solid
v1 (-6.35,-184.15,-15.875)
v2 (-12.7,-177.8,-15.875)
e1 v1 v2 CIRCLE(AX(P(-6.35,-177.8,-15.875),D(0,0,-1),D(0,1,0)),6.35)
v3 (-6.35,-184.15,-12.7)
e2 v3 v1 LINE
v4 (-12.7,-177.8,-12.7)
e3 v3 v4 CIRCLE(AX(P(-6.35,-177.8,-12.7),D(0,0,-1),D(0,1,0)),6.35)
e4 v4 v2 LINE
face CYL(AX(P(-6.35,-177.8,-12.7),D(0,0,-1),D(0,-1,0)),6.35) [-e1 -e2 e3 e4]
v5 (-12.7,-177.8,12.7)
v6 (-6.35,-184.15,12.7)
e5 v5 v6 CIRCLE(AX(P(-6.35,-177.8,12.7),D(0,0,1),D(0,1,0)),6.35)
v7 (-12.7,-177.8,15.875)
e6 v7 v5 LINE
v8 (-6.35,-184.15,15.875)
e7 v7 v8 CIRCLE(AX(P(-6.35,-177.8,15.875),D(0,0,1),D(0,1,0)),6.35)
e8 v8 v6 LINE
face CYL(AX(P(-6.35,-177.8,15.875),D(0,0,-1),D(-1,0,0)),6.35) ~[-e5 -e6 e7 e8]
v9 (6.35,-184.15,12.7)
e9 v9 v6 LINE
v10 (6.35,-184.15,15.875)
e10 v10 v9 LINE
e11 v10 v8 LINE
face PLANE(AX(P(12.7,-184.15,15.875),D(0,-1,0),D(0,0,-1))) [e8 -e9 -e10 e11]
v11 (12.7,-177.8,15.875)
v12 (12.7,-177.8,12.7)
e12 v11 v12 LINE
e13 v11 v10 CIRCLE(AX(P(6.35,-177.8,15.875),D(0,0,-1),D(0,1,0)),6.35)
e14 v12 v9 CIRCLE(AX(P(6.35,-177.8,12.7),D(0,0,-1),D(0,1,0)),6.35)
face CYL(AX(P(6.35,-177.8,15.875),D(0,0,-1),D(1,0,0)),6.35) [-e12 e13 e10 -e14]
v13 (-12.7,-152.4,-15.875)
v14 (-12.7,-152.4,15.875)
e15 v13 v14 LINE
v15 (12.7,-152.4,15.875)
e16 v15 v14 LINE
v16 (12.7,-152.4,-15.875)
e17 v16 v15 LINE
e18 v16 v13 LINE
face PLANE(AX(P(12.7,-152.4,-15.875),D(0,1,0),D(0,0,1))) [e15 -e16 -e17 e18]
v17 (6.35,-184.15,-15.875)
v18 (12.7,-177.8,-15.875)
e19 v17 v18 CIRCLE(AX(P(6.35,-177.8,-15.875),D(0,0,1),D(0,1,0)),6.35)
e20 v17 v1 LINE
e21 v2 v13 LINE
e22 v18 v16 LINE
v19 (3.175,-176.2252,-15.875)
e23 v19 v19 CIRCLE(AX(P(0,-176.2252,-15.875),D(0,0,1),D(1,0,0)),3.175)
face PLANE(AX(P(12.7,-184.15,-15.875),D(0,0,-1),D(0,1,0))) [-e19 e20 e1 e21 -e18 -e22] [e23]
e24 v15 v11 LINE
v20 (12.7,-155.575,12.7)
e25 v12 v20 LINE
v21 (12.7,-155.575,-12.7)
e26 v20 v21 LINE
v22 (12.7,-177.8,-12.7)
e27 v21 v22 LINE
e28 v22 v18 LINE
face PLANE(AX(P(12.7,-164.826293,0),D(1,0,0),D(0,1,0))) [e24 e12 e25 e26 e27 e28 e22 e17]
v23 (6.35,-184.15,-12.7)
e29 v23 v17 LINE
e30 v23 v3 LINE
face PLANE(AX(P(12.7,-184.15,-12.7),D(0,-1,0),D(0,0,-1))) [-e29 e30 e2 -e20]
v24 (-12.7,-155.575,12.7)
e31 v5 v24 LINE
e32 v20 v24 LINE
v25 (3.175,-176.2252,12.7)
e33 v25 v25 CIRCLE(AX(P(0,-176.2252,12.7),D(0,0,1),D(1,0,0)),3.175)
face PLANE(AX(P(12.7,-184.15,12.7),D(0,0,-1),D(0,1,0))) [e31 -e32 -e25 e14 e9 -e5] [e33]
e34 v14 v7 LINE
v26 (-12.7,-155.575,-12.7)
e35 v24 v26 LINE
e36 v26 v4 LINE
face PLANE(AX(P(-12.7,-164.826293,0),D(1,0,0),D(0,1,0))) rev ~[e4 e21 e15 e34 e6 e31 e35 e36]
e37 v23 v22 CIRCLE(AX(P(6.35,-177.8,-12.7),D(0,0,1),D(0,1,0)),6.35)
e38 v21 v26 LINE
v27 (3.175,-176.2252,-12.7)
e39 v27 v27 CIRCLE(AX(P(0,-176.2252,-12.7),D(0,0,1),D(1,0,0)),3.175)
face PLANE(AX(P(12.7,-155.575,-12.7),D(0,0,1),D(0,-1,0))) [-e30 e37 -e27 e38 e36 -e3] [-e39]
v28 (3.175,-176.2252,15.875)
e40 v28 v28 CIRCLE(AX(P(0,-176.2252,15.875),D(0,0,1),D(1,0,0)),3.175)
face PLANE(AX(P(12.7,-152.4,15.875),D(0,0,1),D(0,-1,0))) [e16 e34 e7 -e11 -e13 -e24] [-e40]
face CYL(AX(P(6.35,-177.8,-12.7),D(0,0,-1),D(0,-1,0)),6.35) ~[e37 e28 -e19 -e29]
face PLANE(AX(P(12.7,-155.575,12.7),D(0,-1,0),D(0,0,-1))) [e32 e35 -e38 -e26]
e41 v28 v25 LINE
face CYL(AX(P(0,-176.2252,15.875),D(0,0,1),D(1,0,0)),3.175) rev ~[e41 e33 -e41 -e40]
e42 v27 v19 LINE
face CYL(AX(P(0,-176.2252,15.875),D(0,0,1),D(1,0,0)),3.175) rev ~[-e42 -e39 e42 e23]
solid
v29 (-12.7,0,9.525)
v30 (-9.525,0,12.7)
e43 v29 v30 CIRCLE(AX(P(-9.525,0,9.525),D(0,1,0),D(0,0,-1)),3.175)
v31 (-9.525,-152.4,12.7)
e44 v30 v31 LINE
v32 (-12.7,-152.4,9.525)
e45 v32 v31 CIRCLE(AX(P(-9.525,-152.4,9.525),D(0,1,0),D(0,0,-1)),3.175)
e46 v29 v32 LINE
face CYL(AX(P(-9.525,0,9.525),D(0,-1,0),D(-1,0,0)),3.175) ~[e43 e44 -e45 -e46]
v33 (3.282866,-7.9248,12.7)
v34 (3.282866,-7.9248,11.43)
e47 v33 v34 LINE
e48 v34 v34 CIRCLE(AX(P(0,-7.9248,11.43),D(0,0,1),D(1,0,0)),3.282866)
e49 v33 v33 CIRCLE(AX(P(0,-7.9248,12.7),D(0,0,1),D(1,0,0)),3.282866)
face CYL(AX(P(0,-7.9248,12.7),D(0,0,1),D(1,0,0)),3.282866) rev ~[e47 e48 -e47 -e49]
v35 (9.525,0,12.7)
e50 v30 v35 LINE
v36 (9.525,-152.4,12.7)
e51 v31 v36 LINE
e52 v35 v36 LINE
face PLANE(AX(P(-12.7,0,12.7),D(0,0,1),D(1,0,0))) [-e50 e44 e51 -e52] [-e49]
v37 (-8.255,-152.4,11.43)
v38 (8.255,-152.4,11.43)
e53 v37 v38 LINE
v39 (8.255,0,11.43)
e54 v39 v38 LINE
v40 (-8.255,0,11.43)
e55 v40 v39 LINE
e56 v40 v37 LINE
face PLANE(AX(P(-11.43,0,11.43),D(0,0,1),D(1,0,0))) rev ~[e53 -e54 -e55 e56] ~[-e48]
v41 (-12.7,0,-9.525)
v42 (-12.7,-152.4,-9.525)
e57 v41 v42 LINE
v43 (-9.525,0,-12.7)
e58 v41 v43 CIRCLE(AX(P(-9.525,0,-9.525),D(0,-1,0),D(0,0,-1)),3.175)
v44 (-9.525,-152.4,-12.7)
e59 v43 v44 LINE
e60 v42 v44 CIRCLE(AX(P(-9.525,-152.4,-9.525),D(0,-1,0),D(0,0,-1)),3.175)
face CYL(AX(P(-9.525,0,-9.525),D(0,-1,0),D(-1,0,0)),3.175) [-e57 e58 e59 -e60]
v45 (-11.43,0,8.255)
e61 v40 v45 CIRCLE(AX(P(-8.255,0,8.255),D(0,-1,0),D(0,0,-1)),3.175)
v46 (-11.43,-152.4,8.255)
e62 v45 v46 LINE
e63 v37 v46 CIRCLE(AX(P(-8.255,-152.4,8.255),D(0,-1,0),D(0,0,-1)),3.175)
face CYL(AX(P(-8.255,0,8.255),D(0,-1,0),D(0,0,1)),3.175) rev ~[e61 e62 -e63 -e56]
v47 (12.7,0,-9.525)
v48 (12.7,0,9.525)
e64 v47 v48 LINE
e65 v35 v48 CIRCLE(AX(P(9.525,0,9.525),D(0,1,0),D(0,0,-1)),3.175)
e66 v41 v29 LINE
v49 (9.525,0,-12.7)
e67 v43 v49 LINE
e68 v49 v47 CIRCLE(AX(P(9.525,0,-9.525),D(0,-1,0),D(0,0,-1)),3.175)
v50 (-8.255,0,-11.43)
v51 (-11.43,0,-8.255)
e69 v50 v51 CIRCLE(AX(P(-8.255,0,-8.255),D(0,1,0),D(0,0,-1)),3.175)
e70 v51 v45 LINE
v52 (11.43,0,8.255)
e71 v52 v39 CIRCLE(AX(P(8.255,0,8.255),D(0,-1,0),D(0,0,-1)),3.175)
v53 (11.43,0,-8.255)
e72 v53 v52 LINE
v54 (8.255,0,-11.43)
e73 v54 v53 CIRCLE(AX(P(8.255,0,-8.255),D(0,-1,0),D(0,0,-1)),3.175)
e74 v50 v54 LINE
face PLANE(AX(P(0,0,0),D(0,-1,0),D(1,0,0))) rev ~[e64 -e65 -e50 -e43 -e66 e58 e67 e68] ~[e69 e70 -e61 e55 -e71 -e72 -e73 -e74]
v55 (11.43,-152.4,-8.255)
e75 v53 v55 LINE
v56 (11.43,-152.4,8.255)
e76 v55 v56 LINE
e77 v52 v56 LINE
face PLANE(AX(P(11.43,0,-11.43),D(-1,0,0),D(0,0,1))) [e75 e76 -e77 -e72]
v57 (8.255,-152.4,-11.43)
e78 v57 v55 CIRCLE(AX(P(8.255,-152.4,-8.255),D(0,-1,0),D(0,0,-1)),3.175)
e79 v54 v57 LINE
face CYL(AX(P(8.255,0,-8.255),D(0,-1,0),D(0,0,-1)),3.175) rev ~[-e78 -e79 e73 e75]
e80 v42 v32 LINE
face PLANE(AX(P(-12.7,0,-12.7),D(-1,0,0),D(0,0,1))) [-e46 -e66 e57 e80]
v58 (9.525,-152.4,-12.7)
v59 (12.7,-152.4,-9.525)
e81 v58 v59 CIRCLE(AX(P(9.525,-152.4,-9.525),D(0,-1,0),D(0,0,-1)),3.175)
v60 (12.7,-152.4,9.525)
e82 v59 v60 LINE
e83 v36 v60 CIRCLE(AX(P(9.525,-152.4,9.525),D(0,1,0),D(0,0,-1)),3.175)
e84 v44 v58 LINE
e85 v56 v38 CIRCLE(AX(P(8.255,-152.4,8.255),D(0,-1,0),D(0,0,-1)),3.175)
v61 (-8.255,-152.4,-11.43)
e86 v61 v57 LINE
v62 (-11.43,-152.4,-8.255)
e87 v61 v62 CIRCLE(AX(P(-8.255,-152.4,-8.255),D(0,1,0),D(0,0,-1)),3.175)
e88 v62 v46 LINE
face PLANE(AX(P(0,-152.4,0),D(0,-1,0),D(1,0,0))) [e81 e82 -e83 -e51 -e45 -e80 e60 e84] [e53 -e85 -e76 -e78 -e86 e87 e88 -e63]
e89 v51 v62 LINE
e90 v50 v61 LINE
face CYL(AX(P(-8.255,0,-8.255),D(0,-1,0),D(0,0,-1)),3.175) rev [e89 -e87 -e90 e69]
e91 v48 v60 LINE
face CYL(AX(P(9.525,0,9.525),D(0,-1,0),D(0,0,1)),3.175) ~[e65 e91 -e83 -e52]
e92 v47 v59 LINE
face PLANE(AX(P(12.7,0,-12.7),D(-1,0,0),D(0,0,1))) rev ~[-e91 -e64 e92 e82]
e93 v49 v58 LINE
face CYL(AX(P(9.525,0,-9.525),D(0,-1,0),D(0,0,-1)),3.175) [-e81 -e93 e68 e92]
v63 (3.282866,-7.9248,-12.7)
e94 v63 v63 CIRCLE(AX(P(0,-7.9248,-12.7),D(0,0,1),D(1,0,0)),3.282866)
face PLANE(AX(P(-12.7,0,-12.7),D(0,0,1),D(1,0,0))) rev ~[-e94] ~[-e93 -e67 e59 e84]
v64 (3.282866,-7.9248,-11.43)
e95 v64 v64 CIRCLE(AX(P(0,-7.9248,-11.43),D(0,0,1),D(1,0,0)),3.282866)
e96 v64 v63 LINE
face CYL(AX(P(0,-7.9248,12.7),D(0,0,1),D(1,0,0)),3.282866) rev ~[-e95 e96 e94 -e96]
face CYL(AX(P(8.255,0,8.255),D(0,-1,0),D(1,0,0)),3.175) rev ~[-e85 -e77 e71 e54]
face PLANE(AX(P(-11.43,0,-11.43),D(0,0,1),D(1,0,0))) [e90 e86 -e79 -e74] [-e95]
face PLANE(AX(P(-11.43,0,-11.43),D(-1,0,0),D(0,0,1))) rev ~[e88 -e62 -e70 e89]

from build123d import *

# Parameters (mm, degrees)
F0_W     = 25.4
F0_H     = 25.4
F0_W_2   = 22.86
F0_H_2   = 22.86
F1_DEPTH = 152.4
F2_R     = 3.175
F3_R     = 3.282866
F4_DEPTH = 25.401
F6_DEPTH = 25.4
F7_R     = 3.175
F8_DEPTH = 31.751
F9_R     = 6.35


with BuildPart() as f1:
    # F0 (on Front) → F1 (new body)
    with BuildSketch(Plane.XZ):
        Rectangle(F0_W, F0_H)
        Rectangle(F0_W_2, F0_H_2, mode=Mode.SUBTRACT)
    extrude(amount=F1_DEPTH)

    # F2
    f2_edges = [f1.edges().sort_by_distance(p)[0] for p in [
        (12.7, -76.2, 12.7),
        (-12.7, -76.2, 12.7),
        (12.7, -76.2, -12.7),
        (-12.7, -76.2, -12.7),
        (11.43, -76.2, 11.43),
        (11.43, -76.2, -11.43),
        (-11.43, -76.2, 11.43),
        (-11.43, -76.2, -11.43),
    ]]
    fillet(f2_edges, radius=F2_R)

    # F3 (on face) → F4 (cut, through all)
    with BuildSketch(Plane.XY.offset(12.7)):
        with Locations((0, -7.9248)):
            Circle(F3_R)
    extrude(amount=-F4_DEPTH, mode=Mode.SUBTRACT)


with BuildPart() as f6:
    # F5 (on face) → F6 (new body)
    with BuildSketch(Plane.YZ.offset(12.7)):
        Polygon((-184.15, -15.875), (-152.4, -15.875), (-152.4, 15.875), (-184.15, 15.875), (-184.15, 12.7), (-155.575, 12.7), (-155.575, -12.7), (-184.15, -12.7), align=None)
    extrude(amount=-F6_DEPTH)

    # F7 (on face) → F8 (cut, through all)
    with BuildSketch(Plane.XY.offset(15.875)):
        with Locations((0, -176.2252)):
            Circle(F7_R)
    extrude(amount=-F8_DEPTH, mode=Mode.SUBTRACT)

    # F9
    f9_edges = [f6.edges().sort_by_distance(p)[0] for p in [
        (12.7, -184.15, 14.2875),
        (-12.7, -184.15, 14.2875),
        (12.7, -184.15, -14.2875),
        (-12.7, -184.15, -14.2875),
    ]]
    fillet(f9_edges, radius=F9_R)


solid = Compound([f1.part, f6.part])
